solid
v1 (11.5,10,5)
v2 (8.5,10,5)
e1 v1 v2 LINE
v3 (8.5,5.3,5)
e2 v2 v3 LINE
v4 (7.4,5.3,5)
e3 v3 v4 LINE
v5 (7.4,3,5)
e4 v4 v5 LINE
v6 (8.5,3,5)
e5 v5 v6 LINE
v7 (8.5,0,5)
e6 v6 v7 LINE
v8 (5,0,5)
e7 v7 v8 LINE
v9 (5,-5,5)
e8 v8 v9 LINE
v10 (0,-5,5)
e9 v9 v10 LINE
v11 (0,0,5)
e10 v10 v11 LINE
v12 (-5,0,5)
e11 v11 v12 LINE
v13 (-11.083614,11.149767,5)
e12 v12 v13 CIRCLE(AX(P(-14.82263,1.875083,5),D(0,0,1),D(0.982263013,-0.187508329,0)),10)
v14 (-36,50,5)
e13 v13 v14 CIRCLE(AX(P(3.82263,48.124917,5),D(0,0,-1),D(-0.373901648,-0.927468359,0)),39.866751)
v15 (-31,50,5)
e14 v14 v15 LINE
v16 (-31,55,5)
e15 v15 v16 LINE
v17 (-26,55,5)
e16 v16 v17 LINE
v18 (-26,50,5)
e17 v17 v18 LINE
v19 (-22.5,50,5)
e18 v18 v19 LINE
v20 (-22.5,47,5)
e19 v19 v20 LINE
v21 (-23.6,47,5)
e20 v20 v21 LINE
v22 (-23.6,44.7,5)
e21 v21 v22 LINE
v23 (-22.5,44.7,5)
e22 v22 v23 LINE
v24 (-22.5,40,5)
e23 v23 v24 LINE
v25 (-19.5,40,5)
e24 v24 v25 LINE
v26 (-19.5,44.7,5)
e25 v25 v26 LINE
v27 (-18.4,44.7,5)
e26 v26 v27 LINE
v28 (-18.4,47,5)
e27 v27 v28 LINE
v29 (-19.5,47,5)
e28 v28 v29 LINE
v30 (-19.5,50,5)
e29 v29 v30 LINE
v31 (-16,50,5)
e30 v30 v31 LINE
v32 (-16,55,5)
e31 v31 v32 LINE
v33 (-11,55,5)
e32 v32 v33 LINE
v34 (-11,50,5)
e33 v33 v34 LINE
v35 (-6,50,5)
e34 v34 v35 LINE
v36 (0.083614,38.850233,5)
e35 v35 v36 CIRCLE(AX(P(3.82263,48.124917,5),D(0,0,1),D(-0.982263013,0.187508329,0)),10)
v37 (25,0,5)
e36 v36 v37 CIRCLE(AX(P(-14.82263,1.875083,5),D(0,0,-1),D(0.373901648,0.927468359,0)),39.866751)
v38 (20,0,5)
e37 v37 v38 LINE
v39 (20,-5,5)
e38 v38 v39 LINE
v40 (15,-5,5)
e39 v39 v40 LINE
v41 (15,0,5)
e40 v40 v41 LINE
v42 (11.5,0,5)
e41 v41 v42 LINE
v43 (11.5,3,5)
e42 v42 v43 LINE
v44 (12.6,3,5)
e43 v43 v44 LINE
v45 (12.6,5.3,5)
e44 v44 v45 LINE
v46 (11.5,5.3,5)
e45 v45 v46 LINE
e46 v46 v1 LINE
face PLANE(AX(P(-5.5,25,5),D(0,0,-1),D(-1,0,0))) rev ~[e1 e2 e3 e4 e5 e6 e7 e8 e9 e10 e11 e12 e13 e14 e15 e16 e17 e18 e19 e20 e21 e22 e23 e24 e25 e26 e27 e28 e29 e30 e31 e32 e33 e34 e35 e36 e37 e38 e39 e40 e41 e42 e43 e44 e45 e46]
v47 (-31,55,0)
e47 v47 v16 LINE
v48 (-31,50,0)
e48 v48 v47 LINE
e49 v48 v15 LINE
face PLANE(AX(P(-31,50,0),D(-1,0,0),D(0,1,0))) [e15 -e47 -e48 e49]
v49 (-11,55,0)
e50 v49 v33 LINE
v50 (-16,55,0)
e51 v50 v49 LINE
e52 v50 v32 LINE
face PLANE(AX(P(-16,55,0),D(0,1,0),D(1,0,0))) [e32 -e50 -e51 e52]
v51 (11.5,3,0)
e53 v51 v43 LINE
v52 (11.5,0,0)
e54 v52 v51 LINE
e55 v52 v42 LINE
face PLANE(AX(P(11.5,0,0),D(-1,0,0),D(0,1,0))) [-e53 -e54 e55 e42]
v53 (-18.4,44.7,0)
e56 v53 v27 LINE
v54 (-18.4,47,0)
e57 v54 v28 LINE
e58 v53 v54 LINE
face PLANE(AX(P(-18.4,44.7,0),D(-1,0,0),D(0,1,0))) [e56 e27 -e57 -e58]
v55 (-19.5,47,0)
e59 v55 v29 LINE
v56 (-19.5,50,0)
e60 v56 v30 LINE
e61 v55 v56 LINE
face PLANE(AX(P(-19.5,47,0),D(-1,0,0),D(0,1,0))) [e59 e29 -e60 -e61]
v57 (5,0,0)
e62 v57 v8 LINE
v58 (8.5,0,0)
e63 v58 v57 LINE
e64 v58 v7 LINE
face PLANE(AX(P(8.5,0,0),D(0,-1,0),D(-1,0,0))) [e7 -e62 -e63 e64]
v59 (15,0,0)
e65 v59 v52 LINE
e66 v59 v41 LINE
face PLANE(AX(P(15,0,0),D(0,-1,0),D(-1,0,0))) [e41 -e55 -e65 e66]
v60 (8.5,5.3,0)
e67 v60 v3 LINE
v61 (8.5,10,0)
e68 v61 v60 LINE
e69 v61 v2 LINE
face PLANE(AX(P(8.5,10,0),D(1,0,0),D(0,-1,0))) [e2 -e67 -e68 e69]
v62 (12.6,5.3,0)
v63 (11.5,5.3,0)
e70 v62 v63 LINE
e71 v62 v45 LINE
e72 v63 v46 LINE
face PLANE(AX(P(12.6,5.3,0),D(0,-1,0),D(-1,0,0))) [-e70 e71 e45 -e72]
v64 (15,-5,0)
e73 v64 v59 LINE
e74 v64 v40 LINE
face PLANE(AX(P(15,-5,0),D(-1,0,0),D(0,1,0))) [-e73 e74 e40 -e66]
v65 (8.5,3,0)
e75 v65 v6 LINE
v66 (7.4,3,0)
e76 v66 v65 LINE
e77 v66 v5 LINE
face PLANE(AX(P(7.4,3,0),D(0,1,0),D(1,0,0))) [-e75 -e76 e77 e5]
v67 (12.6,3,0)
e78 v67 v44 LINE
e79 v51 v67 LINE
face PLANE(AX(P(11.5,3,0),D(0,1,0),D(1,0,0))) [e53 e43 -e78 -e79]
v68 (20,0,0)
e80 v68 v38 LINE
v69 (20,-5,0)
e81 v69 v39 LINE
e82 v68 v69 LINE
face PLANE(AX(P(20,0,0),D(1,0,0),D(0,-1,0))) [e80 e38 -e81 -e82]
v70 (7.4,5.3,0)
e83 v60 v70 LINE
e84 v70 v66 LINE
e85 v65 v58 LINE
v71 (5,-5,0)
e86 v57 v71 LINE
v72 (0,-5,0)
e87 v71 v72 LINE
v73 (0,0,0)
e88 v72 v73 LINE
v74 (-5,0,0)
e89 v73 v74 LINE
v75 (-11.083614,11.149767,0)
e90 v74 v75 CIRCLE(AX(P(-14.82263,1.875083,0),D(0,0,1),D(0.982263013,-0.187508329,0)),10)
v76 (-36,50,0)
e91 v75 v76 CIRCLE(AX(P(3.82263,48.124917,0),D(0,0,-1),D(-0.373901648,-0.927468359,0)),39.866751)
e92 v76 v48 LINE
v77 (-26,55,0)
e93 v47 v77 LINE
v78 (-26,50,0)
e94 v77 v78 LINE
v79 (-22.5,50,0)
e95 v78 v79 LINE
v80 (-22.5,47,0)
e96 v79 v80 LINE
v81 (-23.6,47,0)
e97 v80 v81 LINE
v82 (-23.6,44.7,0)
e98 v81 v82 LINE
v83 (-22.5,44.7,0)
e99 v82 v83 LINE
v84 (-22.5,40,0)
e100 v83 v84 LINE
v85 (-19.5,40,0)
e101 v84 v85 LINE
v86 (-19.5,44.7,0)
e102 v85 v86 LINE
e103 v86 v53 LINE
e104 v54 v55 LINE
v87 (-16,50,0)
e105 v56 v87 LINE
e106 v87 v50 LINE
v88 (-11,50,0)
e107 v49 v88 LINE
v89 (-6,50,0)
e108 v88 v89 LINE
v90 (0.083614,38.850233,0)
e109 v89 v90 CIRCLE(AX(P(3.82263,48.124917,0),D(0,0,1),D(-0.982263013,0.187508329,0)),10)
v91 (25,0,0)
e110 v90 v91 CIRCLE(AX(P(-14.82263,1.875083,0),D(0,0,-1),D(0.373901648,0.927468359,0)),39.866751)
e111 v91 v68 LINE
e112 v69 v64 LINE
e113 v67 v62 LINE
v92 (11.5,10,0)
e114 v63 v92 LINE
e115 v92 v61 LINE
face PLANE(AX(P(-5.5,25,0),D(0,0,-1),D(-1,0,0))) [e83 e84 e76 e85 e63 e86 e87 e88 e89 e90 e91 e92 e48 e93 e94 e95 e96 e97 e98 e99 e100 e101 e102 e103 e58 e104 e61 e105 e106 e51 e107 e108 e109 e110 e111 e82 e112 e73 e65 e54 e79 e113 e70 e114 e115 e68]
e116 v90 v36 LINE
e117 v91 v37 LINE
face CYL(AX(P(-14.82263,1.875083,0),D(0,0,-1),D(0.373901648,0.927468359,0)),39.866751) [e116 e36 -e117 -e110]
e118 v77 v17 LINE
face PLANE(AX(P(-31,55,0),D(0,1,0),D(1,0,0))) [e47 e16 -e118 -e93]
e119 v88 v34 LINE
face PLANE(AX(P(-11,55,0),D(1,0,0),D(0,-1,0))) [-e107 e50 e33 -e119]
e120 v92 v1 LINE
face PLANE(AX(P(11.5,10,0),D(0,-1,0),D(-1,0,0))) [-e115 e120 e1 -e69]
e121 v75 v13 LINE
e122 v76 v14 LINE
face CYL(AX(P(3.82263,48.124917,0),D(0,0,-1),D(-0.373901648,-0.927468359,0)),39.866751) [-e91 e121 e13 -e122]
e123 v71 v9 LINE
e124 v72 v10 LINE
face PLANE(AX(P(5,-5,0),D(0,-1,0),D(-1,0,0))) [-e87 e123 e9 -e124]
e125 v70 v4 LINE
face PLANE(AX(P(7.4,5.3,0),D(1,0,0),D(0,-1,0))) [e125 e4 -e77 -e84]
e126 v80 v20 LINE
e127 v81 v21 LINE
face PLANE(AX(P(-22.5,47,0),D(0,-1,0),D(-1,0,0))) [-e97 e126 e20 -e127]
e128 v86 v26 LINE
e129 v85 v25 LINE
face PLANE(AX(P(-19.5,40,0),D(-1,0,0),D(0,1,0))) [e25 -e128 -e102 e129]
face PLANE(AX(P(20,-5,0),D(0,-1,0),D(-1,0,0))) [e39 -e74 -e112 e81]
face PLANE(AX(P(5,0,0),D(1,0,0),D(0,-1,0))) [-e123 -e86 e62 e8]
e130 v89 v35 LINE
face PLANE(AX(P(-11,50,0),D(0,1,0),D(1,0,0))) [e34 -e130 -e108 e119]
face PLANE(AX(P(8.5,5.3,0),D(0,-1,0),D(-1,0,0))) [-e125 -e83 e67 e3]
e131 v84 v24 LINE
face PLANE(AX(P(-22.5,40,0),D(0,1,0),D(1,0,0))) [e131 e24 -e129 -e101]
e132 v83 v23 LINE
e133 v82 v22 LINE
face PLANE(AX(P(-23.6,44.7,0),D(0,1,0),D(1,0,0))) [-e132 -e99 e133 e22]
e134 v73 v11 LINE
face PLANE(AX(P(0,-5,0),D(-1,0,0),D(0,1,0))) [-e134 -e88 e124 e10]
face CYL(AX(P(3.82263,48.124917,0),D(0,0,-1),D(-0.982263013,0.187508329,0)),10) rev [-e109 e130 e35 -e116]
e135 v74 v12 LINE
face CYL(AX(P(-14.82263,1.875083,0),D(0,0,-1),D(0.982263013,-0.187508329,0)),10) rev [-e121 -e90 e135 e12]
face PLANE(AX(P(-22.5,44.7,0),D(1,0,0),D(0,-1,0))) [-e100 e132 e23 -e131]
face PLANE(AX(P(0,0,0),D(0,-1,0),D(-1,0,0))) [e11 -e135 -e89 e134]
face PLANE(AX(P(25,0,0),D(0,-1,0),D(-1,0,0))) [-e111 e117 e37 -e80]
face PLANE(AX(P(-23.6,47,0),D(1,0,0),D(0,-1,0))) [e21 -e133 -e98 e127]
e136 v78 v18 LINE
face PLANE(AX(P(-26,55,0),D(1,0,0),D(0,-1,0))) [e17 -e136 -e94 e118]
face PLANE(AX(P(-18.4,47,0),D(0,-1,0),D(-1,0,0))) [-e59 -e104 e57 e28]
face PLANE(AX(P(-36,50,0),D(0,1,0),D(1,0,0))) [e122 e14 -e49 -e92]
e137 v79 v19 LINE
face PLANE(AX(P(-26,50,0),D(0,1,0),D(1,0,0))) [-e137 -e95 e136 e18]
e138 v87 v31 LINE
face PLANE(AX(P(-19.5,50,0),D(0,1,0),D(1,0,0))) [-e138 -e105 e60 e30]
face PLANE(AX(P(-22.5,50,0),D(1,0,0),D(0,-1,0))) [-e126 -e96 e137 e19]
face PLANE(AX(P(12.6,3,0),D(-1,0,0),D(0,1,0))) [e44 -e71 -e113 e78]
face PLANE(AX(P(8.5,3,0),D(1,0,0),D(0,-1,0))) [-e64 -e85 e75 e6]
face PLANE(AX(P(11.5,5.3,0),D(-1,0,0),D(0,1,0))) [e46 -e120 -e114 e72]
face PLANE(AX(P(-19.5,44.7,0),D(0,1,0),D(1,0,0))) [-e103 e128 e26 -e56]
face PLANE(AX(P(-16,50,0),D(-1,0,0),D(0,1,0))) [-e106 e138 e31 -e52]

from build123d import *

# Parameters (mm, degrees)
BOSS_EXTRUDE1_DEPTH = 5


with BuildPart() as part:
    # Sketch1 → Boss-Extrude1 (new body)
    with BuildSketch(Plane.XY):
        with BuildLine():
            Line((-11, 50), (-6, 50))
            ThreePointArc((-6, 50), (-4.955689192, 43.335228836), (0.083613647, 38.850233113))
            ThreePointArc((0.083613647, 38.850233113), (18.735492032, 23.397402982), (25, 0))
            Line((25, 0), (20, 0))
            Line((20, 0), (20, -5))
            Line((20, -5), (15, -5))
            Line((15, -5), (15, 0))
            Line((15, 0), (11.5, 0))
            Line((11.5, 0), (11.5, 3))
            Line((11.5, 3), (12.6, 3))
            Line((12.6, 3), (12.6, 5.3))
            Line((12.6, 5.3), (11.5, 5.3))
            Line((11.5, 5.3), (11.5, 10))
            Line((11.5, 10), (8.5, 10))
            Line((8.5, 10), (8.5, 5.3))
            Line((8.5, 5.3), (7.4, 5.3))
            Line((7.4, 5.3), (7.4, 3))
            Line((7.4, 3), (8.5, 3))
            Line((8.5, 3), (8.5, 0))
            Line((8.5, 0), (5, 0))
            Line((5, 0), (5, -5))
            Line((5, -5), (0, -5))
            Line((0, -5), (0, 0))
            Line((0, 0), (-5, 0))
            ThreePointArc((-5, 0), (-6.044310808, 6.664771164), (-11.083613647, 11.149766887))
            ThreePointArc((-11.083613647, 11.149766887), (-29.735492032, 26.602597018), (-36, 50))
            Line((-36, 50), (-31, 50))
            Line((-31, 50), (-31, 55))
            Line((-31, 55), (-26, 55))
            Line((-26, 55), (-26, 50))
            Line((-26, 50), (-22.5, 50))
            Line((-22.5, 50), (-22.5, 47))
            Line((-22.5, 47), (-23.6, 47))
            Line((-23.6, 47), (-23.6, 44.7))
            Line((-23.6, 44.7), (-22.5, 44.7))
            Line((-22.5, 44.7), (-22.5, 40))
            Line((-22.5, 40), (-19.5, 40))
            Line((-19.5, 40), (-19.5, 44.7))
            Line((-19.5, 44.7), (-18.4, 44.7))
            Line((-18.4, 44.7), (-18.4, 47))
            Line((-18.4, 47), (-19.5, 47))
            Line((-19.5, 47), (-19.5, 50))
            Line((-19.5, 50), (-16, 50))
            Line((-16, 50), (-16, 55))
            Line((-16, 55), (-11, 55))
            Line((-11, 55), (-11, 50))
        make_face()
    extrude(amount=BOSS_EXTRUDE1_DEPTH)


solid = part.part
